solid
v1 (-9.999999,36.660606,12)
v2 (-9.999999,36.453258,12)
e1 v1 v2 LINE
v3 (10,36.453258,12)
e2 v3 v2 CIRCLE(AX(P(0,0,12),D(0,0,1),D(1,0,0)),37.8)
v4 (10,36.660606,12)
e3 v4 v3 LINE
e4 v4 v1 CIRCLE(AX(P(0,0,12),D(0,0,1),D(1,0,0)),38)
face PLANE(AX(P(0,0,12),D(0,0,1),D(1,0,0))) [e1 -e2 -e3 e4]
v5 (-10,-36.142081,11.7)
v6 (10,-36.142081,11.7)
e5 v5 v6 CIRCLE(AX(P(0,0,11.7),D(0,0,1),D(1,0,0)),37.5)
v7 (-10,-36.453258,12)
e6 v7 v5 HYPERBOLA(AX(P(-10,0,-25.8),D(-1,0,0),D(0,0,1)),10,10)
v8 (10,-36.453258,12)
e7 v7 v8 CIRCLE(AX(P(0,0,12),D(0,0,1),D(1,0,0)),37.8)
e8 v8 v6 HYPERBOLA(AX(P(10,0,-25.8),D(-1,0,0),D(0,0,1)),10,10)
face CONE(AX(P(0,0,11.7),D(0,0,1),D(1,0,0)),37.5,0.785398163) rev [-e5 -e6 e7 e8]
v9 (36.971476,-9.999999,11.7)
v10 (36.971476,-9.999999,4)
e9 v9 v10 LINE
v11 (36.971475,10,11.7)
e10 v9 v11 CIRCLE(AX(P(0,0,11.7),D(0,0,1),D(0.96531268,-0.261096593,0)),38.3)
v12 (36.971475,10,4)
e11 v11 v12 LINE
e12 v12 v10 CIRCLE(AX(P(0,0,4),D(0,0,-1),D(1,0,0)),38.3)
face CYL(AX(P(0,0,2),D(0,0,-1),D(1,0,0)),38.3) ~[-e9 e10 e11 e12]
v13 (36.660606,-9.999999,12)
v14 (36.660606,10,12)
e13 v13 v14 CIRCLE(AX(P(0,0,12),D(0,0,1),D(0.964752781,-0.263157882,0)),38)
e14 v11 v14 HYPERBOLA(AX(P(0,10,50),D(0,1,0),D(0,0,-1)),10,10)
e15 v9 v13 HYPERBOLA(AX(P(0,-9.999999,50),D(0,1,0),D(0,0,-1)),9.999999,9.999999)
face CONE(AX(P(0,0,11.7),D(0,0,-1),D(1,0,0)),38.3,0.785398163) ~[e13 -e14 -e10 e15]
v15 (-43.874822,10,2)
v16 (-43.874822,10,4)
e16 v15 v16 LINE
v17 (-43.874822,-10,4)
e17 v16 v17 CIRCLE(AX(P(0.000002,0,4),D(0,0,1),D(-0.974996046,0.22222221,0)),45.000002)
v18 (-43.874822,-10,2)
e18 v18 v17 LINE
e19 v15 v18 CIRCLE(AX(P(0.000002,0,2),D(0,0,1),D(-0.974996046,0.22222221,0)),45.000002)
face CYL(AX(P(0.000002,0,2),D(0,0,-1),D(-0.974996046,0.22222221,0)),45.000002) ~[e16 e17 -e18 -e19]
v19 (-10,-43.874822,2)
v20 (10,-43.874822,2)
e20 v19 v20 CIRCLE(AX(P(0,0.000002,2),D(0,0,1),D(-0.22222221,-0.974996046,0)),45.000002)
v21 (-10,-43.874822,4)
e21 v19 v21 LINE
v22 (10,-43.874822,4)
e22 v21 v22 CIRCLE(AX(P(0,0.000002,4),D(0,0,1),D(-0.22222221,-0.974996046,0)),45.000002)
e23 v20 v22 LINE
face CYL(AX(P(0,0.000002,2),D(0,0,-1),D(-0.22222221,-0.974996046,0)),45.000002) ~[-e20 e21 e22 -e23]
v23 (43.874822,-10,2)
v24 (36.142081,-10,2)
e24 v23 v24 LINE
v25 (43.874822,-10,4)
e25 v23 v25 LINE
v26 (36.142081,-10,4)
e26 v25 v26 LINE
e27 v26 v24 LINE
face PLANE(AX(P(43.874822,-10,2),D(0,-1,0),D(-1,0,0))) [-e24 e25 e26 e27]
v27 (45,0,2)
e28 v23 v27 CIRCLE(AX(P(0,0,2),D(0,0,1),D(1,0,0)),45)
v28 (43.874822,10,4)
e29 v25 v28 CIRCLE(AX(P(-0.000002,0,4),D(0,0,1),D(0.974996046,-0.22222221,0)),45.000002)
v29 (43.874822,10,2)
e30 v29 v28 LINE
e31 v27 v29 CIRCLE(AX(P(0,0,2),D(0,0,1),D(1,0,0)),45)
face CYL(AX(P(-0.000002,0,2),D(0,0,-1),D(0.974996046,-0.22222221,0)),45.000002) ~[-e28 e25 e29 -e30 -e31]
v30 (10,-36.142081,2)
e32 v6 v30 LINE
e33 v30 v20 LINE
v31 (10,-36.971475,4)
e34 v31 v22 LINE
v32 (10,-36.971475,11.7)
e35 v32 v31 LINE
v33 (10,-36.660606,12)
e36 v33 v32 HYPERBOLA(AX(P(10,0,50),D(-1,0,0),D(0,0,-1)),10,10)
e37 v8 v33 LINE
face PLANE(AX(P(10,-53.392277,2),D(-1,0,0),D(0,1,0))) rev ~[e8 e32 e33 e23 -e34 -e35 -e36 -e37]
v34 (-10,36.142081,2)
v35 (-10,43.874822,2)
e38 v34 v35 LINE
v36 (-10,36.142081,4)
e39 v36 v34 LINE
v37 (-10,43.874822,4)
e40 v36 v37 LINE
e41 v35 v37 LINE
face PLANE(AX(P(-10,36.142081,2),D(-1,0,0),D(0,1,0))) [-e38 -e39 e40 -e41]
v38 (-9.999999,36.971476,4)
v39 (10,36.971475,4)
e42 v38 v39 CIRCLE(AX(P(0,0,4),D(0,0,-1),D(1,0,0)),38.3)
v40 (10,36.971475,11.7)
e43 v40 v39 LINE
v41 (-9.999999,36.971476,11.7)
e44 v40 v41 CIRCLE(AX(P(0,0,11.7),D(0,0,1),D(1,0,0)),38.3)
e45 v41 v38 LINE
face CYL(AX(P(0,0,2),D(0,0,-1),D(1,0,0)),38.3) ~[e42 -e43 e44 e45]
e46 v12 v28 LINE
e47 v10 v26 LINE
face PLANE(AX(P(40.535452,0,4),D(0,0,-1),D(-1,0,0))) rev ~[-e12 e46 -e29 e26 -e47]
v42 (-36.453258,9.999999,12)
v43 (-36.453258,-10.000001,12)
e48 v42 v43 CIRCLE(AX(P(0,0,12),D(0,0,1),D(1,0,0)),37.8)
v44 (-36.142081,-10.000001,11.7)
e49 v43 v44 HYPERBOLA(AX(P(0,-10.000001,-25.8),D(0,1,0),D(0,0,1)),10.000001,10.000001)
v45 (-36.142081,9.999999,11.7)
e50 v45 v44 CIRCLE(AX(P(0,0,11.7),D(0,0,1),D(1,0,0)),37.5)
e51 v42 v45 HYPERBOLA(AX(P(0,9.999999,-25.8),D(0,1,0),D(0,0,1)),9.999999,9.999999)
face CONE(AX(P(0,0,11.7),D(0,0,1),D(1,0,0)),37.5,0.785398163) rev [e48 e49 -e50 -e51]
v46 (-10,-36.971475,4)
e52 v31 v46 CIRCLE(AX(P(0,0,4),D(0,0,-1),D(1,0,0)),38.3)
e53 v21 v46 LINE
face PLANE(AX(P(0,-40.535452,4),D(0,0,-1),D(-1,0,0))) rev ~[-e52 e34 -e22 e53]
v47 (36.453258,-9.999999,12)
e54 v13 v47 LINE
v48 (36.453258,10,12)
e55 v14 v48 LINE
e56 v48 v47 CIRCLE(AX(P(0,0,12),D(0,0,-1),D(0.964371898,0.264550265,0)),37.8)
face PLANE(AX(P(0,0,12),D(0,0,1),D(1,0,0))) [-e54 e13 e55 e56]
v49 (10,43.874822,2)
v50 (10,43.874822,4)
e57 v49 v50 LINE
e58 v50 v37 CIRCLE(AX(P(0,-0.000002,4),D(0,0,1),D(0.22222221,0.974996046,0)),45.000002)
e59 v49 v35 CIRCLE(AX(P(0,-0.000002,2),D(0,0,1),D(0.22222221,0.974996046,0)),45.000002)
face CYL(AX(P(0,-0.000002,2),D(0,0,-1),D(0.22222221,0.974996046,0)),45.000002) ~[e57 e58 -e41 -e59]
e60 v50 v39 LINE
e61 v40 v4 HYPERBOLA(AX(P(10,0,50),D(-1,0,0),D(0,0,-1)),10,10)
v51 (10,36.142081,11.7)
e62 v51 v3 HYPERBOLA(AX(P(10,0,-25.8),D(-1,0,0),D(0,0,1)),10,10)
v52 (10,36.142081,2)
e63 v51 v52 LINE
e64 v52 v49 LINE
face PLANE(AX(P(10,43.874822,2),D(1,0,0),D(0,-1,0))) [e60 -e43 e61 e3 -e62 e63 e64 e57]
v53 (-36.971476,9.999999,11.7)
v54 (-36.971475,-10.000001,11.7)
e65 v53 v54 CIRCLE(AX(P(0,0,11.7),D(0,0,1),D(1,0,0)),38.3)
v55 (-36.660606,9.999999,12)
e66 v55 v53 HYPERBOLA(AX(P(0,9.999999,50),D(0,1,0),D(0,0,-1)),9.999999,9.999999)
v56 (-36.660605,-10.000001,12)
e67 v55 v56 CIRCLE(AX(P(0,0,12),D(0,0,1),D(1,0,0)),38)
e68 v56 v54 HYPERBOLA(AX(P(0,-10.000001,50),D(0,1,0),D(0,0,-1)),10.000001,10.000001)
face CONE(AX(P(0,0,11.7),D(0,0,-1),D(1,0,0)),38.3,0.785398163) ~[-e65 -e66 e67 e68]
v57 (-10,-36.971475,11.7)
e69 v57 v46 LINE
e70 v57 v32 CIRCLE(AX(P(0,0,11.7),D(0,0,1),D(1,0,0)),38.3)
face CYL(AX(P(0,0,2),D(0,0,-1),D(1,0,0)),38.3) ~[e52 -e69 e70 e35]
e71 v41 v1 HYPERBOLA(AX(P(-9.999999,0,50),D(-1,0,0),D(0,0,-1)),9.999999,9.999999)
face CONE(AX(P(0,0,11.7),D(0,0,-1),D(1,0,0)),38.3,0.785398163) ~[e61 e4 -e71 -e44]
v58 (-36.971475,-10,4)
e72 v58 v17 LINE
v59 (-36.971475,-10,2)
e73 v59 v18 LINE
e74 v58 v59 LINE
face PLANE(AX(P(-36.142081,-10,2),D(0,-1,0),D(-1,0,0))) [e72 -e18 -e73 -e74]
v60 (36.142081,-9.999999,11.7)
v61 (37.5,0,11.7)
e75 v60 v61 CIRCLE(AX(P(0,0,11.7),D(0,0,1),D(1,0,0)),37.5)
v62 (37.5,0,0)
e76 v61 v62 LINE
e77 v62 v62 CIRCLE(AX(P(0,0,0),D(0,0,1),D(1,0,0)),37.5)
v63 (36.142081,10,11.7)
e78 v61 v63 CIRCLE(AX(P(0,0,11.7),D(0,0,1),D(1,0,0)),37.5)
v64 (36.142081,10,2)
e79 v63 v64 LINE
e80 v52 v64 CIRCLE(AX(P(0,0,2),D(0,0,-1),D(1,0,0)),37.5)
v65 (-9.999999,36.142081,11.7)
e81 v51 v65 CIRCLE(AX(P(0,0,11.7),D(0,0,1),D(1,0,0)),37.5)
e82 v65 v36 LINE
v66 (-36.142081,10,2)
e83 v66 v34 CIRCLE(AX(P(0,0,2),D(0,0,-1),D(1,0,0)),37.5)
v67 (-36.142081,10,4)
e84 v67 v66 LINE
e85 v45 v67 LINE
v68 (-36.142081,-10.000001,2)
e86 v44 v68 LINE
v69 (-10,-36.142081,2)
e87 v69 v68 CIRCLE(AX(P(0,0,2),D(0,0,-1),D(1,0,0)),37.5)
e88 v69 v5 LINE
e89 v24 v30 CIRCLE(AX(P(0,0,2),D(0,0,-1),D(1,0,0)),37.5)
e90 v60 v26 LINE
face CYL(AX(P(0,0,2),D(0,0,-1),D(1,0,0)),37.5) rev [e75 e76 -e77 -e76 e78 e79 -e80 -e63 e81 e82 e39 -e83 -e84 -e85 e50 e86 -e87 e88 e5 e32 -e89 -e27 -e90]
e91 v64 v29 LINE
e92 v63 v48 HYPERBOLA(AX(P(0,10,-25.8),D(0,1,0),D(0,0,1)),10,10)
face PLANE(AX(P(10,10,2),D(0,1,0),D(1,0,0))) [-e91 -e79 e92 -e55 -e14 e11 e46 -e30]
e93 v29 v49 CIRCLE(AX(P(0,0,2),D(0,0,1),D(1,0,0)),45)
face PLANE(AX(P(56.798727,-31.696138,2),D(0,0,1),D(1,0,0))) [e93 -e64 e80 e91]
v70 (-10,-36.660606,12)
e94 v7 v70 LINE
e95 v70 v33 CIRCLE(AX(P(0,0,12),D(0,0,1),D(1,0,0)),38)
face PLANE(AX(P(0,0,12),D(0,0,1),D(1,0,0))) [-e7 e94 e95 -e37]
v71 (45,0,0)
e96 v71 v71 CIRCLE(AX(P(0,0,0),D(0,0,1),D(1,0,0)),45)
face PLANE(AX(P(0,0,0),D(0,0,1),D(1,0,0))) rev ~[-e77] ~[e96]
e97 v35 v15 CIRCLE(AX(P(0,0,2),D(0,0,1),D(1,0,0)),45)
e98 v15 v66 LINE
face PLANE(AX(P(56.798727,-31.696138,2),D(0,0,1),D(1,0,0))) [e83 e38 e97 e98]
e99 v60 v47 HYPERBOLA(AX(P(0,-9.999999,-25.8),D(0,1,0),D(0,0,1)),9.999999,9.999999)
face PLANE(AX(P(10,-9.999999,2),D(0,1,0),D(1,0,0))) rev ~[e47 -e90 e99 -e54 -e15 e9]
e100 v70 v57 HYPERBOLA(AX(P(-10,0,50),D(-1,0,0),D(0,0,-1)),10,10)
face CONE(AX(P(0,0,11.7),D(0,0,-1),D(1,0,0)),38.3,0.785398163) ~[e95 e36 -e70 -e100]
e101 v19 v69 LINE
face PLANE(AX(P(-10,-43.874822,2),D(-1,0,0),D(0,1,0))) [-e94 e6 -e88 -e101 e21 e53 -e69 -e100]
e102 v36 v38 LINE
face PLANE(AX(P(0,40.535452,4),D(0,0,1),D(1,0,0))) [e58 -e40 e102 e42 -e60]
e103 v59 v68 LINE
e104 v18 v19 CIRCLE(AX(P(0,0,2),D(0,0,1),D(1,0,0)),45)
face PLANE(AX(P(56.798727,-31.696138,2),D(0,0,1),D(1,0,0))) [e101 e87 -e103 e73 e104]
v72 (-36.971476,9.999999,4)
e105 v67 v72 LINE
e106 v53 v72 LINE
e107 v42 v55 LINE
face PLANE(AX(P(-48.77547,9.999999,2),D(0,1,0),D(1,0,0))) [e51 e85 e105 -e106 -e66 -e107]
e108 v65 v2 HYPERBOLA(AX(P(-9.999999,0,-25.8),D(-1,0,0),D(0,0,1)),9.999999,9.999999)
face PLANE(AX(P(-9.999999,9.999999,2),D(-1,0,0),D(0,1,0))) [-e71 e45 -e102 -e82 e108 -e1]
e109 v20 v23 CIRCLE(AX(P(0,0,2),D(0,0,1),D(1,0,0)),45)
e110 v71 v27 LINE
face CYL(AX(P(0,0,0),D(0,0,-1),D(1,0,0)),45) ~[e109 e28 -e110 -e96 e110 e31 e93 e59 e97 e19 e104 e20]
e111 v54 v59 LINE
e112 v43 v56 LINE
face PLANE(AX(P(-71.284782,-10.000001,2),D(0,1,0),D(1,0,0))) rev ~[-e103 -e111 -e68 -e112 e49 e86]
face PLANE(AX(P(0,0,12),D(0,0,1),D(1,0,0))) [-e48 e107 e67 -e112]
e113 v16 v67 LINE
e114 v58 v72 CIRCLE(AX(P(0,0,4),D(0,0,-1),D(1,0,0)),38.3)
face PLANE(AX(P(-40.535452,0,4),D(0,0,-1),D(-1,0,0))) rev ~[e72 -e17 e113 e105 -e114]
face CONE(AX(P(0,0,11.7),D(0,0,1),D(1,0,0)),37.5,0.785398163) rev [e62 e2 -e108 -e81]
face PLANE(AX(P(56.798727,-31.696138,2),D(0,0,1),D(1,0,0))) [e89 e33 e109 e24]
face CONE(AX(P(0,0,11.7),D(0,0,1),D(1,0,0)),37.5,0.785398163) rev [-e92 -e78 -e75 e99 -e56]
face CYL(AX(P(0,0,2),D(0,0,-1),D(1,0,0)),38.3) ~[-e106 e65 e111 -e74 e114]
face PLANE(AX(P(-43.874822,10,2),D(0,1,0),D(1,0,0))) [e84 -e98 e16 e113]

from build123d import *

# Parameters (mm, degrees)
SKETCH_R        = 45
SKETCH_R_2      = 37.5
PAD_DEPTH       = 2
SKETCH001_R     = 38.3
SKETCH001_R_2   = 37.5
PAD001_DEPTH    = 10
CHAMFER_SIZE    = 0.3
CHAMFER001_SIZE = 0.3
SKETCH002_W     = 38.775471
SKETCH002_H     = 41.534115
SKETCH002_W_2   = 92.953724
SKETCH002_H_2   = 53.076206
SKETCH002_W_3   = 93.597454
SKETCH002_H_3   = 43.392277
SKETCH002_W_4   = 61.284782
SKETCH002_H_4   = 58.713959
POCKET_DEPTH    = 10.001
PAD002_DEPTH    = 2


with BuildPart() as part:
    # Sketch → Pad (new body)
    with BuildSketch(Plane.XY):
        Circle(SKETCH_R)
        Circle(SKETCH_R_2, mode=Mode.SUBTRACT)
    extrude(amount=PAD_DEPTH)

    # Sketch001 (on Face4 of Pad) → Pad001 (join)
    with BuildSketch(Plane.XY.offset(2)):
        Circle(SKETCH001_R)
        Circle(SKETCH001_R_2, mode=Mode.SUBTRACT)
    extrude(amount=PAD001_DEPTH)

    # Chamfer
    chamfer_edges = [part.edges().sort_by_distance(p)[0] for p in [
        (-37.5, 0, 12),
    ]]
    chamfer(chamfer_edges, length=CHAMFER_SIZE)

    # Chamfer001
    chamfer001_edges = [part.edges().sort_by_distance(p)[0] for p in [
        (-38.3, 0, 12),
    ]]
    chamfer(chamfer001_edges, length=CHAMFER001_SIZE)

    # Sketch002 (on Face6 of Chamfer001) → Pocket (cut, through all)
    with BuildSketch(Plane.XY.offset(2)):
        with Locations((-29.387735, 30.767057)):
            Rectangle(SKETCH002_W, SKETCH002_H)
        with Locations((56.476862, 36.538103)):
            Rectangle(SKETCH002_W_2, SKETCH002_H_2)
        with Locations((56.798727, -31.696138)):
            Rectangle(SKETCH002_W_3, SKETCH002_H_3)
        with Locations((-40.642391, -39.35698)):
            Rectangle(SKETCH002_W_4, SKETCH002_H_4)
    extrude(amount=POCKET_DEPTH, mode=Mode.SUBTRACT)

    # Sketch003 (on Face31 of Pocket) → Pad002 (join)
    with BuildSketch(Plane.XY.offset(2)):
        with BuildLine():
            ThreePointArc((10, 43.874822), (0, 45), (-10, 43.874822))
            Line((-10, 36.142081), (-10, 43.874822))
            ThreePointArc((10, 36.142081), (0, 37.5), (-10, 36.142081))
            Line((10, 43.874822), (10, 36.142081))
        make_face()
        with BuildLine():
            Line((-10, -43.874822), (-10, -36.142081))
            ThreePointArc((-10, -36.142081), (0, -37.5), (10, -36.142081))
            Line((10, -36.142081), (10, -43.874822))
            ThreePointArc((-10, -43.874822), (0, -45), (10, -43.874822))
        make_face()
        with BuildLine():
            Line((-43.874822, 10), (-36.142081, 10))
            ThreePointArc((-36.142081, 10), (-37.5, 0), (-36.142081, -10))
            Line((-36.142081, -10), (-43.874822, -10))
            ThreePointArc((-43.874822, 10), (-45, 0), (-43.874822, -10))
        make_face()
        with BuildLine():
            Line((43.874822, -10), (36.142081, -10))
            ThreePointArc((36.142081, -10), (37.5, 0), (36.142081, 10))
            Line((36.142081, 10), (43.874822, 10))
            ThreePointArc((43.874822, -10), (45, 0), (43.874822, 10))
        make_face()
    extrude(amount=PAD002_DEPTH)


solid = part.part
